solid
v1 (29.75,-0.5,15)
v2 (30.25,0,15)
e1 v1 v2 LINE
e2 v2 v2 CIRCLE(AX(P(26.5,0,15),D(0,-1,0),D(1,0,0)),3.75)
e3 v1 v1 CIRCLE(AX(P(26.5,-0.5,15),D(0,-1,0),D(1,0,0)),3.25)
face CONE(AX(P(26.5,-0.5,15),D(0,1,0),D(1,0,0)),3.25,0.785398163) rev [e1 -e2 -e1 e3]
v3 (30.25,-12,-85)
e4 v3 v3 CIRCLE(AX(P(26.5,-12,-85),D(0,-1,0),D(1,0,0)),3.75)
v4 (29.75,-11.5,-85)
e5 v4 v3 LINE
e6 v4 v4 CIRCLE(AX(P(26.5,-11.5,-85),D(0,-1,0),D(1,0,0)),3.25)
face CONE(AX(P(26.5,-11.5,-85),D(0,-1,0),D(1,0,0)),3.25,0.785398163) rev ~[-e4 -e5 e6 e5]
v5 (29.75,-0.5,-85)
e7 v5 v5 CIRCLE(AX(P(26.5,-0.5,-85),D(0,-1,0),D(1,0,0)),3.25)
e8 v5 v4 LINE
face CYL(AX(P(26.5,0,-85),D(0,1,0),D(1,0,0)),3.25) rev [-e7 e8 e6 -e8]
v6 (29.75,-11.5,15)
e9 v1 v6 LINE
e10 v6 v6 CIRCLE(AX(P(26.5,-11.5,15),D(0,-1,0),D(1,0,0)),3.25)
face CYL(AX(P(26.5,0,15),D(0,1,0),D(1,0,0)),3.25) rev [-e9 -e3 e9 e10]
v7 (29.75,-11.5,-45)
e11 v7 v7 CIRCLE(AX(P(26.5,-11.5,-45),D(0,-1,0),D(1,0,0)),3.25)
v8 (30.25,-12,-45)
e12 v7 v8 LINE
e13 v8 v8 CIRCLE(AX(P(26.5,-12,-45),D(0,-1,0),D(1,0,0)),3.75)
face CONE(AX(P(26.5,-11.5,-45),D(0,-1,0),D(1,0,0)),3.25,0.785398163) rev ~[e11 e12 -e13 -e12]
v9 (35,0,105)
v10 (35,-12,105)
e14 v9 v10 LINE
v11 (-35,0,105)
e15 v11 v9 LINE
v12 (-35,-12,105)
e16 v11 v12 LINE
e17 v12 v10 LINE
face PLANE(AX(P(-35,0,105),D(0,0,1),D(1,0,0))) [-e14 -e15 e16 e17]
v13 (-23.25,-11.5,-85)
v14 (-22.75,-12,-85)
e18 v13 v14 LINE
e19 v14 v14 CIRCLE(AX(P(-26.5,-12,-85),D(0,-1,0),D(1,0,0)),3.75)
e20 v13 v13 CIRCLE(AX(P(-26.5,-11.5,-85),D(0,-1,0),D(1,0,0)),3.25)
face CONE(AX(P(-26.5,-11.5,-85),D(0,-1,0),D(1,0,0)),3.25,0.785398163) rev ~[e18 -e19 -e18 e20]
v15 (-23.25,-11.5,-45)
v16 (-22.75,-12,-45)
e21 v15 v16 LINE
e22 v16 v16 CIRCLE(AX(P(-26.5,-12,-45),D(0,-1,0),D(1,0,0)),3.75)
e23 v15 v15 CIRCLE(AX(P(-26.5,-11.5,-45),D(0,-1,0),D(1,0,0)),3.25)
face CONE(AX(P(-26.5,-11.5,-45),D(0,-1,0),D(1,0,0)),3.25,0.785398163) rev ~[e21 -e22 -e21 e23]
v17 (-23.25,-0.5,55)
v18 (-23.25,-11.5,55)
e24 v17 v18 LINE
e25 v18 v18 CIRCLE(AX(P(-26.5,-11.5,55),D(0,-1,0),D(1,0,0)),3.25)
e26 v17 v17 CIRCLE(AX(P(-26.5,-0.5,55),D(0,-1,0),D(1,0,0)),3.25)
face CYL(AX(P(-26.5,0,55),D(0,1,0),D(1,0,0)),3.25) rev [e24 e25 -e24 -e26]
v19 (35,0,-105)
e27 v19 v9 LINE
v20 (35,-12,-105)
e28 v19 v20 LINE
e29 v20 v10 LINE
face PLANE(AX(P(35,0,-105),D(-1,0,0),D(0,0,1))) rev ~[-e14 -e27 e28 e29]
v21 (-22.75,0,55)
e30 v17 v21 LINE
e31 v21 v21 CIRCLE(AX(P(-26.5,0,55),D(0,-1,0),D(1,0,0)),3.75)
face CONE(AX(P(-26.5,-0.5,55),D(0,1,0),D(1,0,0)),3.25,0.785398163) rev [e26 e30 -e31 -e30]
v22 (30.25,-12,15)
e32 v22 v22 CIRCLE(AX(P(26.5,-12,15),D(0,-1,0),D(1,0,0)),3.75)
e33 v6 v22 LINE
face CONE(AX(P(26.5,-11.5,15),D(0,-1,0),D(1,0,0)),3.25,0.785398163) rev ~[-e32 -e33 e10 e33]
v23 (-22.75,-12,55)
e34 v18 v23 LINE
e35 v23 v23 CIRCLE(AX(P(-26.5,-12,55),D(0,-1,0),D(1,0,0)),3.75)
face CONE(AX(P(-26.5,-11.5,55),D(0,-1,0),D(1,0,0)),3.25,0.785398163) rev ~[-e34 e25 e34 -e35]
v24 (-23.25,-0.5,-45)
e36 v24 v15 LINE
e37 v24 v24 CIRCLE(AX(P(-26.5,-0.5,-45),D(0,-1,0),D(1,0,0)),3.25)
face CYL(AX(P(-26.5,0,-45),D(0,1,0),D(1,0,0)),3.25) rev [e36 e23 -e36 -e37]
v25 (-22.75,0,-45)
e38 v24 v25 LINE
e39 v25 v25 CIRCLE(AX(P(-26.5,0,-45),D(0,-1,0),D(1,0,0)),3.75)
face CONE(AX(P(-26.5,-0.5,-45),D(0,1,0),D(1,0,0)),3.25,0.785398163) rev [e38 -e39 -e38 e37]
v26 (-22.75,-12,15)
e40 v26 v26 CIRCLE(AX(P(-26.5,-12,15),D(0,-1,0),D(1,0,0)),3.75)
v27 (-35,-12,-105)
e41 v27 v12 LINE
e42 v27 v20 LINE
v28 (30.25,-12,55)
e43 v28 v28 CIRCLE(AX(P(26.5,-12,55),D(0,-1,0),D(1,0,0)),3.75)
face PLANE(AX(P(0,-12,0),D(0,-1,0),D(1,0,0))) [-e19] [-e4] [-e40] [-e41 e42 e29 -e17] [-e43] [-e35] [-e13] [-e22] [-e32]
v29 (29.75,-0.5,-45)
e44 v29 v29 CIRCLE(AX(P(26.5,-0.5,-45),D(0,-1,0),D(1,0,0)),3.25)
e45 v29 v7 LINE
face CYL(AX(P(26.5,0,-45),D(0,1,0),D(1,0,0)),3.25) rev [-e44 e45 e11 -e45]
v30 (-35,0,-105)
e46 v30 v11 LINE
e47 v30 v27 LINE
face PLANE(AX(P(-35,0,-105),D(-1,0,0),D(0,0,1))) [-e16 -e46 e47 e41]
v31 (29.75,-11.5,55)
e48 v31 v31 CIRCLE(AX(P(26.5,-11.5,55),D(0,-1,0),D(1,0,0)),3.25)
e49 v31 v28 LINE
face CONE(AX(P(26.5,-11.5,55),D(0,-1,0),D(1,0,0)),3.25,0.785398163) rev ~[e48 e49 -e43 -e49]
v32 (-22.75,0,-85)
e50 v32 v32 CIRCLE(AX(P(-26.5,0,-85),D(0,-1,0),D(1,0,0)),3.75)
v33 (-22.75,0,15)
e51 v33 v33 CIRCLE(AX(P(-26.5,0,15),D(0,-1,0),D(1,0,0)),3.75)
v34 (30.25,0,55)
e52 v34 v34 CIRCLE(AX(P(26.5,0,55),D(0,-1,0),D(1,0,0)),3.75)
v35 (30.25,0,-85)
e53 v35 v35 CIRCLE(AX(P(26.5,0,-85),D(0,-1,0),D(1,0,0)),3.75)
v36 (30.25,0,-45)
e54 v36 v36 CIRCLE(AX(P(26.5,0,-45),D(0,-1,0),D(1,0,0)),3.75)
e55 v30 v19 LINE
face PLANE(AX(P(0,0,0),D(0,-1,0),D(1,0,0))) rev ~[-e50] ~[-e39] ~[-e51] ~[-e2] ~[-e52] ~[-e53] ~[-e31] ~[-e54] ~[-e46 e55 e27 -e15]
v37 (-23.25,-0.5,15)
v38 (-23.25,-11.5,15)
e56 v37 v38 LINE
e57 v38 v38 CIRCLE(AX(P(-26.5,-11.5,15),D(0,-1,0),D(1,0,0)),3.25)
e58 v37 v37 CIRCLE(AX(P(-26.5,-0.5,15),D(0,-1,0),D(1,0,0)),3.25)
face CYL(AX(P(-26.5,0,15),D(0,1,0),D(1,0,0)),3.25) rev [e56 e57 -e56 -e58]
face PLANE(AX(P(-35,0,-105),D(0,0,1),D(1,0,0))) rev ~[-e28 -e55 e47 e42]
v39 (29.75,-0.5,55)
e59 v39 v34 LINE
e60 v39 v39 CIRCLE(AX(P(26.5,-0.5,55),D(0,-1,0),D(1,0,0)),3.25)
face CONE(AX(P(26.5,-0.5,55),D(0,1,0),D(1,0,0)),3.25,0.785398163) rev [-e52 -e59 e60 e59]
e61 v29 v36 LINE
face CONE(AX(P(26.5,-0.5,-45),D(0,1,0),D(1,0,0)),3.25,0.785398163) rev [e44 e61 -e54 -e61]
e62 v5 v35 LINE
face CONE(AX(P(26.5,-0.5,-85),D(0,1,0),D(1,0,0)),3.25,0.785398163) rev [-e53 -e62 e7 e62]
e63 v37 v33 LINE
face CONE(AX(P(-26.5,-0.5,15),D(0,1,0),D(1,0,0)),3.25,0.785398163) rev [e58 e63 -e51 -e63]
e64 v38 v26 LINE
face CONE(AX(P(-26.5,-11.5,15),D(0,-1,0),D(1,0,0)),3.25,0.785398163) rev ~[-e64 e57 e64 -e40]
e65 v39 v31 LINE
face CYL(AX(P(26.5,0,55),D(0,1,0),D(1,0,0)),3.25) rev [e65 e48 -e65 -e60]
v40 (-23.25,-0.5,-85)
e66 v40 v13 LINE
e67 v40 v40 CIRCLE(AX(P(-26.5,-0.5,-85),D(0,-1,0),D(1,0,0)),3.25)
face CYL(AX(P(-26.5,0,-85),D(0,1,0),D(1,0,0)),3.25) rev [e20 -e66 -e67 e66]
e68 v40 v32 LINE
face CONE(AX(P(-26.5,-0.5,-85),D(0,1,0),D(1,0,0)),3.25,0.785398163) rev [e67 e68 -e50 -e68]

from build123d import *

# Parameters (mm, degrees)
F0_W     = 70
F0_H     = 210
F0_R     = 3.25
F1_DEPTH = 12
F2_SIZE  = 0.5


with BuildPart() as f1:
    # F0 (on Front) → F1 (new body)
    with BuildSketch(Plane.XZ):
        Rectangle(F0_W, F0_H)
        with Locations((-26.5, -85)):
            Circle(F0_R, mode=Mode.SUBTRACT)
        with Locations((-26.5, -45)):
            Circle(F0_R, mode=Mode.SUBTRACT)
        with Locations((26.5, -85)):
            Circle(F0_R, mode=Mode.SUBTRACT)
        with Locations((26.5, -45)):
            Circle(F0_R, mode=Mode.SUBTRACT)
        with Locations((-26.5, 15)):
            Circle(F0_R, mode=Mode.SUBTRACT)
        with Locations((-26.5, 55)):
            Circle(F0_R, mode=Mode.SUBTRACT)
        with Locations((26.5, 15)):
            Circle(F0_R, mode=Mode.SUBTRACT)
        with Locations((26.5, 55)):
            Circle(F0_R, mode=Mode.SUBTRACT)
    extrude(amount=F1_DEPTH)

    # F2
    f2_edges = [f1.edges().sort_by_distance(p)[0] for p in [
        (-23.25, -6, 55),
        (-29.75, 0, 55),
        (-29.75, -12, 55),
        (-23.25, -6, 15),
        (-29.75, 0, 15),
        (-29.75, -12, 15),
        (29.75, -6, 55),
        (23.25, 0, 55),
        (23.25, -12, 55),
        (29.75, -6, 15),
        (23.25, 0, 15),
        (23.25, -12, 15),
        (-23.25, -6, -45),
        (-29.75, 0, -45),
        (-29.75, -12, -45),
        (-23.25, -6, -85),
        (-29.75, 0, -85),
        (-29.75, -12, -85),
        (29.75, -6, -85),
        (23.25, 0, -85),
        (23.25, -12, -85),
        (29.75, -6, -45),
        (23.25, 0, -45),
        (23.25, -12, -45),
    ]]
    chamfer(f2_edges, length=F2_SIZE)


solid = f1.part
